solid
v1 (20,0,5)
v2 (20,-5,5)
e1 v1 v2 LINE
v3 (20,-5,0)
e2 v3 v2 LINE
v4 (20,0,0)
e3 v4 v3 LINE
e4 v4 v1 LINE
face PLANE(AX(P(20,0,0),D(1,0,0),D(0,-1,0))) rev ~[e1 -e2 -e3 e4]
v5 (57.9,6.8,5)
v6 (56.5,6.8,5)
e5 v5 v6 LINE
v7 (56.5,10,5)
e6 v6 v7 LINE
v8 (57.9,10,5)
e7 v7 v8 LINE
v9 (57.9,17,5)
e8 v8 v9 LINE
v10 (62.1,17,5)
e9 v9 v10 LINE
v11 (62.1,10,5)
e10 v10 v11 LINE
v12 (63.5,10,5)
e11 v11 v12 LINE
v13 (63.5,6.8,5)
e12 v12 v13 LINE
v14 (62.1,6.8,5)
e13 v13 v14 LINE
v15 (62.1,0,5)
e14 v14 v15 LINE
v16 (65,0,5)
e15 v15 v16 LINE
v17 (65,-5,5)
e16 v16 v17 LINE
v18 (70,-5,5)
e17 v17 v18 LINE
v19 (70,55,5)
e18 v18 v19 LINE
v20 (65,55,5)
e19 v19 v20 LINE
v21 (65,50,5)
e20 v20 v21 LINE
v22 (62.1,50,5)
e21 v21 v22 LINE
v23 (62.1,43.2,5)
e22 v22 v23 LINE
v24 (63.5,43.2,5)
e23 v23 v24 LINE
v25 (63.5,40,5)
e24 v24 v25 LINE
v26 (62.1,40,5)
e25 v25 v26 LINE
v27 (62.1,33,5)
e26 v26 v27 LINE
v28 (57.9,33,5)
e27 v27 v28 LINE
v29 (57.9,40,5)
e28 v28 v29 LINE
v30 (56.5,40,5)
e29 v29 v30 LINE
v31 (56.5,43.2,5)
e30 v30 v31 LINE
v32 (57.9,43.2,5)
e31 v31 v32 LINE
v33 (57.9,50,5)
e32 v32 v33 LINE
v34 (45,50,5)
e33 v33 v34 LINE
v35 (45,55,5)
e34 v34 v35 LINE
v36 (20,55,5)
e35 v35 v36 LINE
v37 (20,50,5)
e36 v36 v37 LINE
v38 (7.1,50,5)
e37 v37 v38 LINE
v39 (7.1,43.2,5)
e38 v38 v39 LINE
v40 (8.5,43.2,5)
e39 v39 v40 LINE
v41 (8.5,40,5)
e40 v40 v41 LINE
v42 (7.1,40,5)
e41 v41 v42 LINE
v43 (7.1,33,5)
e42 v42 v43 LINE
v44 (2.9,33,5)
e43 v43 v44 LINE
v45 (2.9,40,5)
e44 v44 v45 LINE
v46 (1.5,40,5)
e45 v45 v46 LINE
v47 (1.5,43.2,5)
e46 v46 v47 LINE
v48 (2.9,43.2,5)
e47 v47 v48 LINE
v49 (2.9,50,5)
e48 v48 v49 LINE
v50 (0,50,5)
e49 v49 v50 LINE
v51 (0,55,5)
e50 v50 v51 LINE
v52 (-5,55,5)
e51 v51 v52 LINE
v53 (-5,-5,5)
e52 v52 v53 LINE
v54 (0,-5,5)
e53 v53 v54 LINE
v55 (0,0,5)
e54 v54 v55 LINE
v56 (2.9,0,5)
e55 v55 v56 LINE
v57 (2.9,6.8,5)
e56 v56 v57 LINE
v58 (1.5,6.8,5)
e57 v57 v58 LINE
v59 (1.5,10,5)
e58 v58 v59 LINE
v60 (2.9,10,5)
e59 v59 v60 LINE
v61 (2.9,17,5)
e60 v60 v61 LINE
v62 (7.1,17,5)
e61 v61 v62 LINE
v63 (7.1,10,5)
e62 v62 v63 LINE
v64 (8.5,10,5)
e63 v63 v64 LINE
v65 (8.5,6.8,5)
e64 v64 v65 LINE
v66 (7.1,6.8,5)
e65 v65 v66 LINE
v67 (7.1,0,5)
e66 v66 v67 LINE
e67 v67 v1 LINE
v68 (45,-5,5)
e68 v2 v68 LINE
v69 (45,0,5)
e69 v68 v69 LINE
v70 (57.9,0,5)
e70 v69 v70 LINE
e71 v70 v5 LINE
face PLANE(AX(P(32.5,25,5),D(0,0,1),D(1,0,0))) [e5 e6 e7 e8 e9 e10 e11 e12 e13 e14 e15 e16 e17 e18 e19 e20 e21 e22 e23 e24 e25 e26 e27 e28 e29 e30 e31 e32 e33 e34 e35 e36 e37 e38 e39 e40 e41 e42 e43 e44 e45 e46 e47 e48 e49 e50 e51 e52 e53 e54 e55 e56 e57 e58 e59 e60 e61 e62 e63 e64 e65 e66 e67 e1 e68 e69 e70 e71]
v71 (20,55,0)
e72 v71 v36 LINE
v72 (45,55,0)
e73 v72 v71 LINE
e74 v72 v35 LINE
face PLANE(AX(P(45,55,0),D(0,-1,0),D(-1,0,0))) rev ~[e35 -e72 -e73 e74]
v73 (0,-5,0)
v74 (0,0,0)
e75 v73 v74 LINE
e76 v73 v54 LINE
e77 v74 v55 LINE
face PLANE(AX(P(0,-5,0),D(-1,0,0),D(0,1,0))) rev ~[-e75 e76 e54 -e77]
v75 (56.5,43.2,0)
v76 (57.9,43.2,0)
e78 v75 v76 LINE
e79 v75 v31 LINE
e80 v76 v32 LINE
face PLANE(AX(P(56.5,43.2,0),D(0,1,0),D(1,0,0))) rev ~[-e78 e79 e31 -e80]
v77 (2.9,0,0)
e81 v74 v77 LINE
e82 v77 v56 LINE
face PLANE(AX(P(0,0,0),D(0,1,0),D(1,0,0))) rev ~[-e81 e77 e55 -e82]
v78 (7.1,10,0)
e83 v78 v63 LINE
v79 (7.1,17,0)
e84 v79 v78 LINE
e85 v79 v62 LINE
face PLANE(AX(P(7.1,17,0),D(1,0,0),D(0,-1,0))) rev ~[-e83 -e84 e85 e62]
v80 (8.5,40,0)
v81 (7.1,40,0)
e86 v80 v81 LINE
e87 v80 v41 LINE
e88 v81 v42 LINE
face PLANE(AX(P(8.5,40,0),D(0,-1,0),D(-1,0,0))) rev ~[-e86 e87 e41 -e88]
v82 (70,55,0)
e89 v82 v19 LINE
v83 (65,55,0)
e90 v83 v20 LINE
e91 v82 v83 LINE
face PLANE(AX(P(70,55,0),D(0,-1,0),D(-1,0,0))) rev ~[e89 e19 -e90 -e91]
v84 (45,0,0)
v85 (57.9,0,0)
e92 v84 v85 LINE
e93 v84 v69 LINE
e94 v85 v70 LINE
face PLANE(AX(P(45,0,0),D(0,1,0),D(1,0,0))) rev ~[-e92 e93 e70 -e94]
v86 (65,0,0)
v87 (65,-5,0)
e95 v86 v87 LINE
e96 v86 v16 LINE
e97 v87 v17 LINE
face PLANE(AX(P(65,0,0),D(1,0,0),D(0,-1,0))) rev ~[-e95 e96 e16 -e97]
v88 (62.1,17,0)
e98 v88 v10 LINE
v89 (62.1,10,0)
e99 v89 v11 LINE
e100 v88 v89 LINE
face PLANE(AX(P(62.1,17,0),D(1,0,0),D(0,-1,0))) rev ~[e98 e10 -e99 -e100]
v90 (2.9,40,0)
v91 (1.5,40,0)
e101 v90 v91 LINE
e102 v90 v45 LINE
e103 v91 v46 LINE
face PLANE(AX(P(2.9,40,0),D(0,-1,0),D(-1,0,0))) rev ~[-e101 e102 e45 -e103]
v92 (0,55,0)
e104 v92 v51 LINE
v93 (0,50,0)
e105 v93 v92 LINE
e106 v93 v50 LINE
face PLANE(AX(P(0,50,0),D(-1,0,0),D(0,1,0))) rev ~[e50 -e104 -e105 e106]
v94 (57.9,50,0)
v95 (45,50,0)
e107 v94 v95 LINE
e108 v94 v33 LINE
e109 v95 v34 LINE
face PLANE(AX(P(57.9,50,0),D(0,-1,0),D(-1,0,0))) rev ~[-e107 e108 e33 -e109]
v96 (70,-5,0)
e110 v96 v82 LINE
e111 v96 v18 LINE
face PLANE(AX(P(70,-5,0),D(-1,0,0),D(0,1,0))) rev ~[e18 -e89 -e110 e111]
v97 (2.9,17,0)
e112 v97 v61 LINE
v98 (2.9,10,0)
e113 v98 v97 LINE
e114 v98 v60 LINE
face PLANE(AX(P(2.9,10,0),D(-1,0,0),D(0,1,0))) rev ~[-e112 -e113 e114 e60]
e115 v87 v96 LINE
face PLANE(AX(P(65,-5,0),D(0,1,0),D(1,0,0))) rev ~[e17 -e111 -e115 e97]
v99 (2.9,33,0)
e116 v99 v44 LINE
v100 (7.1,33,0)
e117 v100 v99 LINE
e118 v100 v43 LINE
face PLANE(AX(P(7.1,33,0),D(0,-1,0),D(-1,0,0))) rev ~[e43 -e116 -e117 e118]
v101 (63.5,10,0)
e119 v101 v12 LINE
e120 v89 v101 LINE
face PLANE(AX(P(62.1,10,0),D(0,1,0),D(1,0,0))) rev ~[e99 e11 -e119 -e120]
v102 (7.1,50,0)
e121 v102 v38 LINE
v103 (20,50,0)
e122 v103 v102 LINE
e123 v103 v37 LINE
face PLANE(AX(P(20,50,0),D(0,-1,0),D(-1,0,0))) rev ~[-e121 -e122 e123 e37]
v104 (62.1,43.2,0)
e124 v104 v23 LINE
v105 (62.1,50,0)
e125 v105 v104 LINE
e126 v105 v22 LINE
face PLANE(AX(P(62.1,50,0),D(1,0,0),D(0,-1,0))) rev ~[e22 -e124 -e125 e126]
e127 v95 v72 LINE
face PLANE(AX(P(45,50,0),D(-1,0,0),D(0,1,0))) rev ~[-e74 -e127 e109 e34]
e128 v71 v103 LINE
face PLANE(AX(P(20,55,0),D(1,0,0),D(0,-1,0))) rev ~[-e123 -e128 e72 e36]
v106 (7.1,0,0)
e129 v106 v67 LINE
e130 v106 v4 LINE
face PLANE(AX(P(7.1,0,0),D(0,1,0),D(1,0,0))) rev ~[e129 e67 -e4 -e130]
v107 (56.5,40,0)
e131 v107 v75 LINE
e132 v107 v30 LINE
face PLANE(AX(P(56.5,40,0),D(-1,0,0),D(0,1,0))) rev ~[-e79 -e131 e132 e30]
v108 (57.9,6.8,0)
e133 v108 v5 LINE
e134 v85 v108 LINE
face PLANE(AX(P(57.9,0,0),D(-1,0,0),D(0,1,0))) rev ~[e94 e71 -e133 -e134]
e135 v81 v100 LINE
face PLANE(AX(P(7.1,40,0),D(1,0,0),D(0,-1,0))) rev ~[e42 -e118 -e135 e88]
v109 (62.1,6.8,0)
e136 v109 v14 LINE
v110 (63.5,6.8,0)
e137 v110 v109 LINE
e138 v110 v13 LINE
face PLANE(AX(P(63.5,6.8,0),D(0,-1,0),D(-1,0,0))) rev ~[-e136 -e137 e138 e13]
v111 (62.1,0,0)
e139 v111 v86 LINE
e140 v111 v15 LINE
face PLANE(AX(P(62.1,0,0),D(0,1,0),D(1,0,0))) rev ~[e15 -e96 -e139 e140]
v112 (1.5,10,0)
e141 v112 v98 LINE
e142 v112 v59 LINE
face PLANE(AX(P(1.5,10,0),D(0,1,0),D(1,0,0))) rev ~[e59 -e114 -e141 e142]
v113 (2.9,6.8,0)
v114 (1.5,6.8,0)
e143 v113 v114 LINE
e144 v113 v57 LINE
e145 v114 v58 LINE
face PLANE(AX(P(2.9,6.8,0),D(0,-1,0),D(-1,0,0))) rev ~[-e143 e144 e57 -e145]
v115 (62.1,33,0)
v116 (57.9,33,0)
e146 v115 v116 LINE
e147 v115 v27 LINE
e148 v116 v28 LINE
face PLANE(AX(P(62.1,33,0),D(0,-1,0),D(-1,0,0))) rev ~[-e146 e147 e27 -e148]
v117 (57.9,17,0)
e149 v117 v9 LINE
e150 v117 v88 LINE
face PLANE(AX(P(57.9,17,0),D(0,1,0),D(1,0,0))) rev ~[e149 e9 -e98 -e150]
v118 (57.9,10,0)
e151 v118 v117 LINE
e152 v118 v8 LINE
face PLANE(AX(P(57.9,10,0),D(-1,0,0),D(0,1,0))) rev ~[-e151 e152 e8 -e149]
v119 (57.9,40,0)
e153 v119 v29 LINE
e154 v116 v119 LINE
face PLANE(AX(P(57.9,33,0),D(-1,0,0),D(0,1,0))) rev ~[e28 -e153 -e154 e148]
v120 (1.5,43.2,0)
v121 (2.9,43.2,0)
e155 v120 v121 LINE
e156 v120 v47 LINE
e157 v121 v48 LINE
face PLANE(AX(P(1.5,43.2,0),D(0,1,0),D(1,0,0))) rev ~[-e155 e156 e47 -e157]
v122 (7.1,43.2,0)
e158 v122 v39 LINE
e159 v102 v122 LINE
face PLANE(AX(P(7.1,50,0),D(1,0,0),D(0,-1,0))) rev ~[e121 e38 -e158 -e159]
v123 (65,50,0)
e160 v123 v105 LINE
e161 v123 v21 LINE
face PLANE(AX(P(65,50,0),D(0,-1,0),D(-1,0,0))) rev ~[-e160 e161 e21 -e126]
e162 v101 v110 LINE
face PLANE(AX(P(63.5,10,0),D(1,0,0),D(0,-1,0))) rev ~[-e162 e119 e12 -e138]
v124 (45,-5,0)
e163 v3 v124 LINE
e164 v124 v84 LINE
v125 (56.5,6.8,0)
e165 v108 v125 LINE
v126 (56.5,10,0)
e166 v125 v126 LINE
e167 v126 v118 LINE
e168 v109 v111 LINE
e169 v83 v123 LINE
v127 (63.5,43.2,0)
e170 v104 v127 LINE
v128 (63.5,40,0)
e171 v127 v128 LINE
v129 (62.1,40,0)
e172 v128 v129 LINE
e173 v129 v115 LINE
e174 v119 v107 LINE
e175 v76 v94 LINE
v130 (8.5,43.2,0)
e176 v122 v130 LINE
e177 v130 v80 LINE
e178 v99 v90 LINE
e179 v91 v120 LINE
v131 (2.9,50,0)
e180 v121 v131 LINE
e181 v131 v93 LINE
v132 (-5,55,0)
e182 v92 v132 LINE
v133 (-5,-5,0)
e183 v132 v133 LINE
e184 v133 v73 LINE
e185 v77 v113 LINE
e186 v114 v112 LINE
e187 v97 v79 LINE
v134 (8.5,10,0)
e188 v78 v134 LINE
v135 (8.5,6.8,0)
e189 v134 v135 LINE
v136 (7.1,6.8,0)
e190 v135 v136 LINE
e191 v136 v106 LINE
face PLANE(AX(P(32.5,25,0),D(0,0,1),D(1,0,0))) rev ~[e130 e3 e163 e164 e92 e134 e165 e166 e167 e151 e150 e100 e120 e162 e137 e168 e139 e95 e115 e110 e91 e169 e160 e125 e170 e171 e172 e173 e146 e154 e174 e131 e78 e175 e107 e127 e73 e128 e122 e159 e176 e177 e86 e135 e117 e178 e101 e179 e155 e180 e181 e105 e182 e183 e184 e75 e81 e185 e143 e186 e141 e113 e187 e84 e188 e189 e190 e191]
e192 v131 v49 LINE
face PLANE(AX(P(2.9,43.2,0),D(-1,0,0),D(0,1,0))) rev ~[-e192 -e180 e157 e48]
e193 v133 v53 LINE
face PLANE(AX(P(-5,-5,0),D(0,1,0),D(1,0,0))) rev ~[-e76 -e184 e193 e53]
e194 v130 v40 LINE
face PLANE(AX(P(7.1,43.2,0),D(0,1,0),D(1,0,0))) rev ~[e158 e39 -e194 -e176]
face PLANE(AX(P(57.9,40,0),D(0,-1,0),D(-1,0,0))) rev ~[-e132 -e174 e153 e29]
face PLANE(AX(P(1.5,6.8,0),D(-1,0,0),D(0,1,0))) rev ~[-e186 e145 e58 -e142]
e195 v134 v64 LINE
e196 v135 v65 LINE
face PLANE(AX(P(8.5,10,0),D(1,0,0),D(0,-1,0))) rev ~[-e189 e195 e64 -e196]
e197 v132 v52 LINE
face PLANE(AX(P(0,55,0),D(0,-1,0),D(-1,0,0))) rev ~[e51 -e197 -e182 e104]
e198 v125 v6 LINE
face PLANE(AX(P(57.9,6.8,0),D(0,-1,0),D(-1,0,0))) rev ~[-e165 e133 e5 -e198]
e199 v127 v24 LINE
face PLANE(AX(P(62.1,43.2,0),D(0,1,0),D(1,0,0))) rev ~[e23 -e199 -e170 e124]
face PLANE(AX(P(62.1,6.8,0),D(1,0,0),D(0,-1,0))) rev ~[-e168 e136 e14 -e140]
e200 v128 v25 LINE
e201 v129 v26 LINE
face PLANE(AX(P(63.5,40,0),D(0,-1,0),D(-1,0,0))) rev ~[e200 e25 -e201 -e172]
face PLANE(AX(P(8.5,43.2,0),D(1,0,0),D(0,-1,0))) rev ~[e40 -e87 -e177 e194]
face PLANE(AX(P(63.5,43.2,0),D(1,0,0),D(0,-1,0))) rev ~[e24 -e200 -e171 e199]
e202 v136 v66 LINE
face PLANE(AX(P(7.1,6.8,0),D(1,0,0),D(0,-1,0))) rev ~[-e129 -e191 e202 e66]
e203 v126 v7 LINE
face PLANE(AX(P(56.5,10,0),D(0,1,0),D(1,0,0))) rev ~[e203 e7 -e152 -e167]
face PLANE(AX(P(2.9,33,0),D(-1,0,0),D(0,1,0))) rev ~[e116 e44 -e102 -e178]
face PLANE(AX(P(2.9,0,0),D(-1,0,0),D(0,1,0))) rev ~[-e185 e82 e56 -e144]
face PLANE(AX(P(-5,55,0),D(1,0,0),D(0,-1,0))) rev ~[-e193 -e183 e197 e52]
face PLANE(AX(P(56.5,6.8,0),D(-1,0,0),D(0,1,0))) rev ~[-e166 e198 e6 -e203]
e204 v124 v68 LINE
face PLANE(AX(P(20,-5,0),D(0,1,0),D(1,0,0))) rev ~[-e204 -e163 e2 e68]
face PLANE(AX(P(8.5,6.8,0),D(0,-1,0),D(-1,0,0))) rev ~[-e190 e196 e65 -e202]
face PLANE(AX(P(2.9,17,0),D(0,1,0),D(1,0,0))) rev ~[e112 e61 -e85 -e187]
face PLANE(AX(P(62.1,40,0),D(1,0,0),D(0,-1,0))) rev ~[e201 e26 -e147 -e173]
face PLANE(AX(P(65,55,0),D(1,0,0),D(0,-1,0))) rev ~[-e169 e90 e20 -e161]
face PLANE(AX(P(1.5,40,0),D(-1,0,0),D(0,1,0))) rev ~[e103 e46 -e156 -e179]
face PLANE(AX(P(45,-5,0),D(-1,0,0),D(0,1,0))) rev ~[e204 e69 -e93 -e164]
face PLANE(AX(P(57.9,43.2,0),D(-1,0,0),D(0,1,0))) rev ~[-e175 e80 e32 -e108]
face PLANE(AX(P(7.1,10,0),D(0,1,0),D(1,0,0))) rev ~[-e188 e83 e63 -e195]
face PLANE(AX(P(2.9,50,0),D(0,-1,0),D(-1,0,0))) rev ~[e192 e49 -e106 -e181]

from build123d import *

# Parameters (mm, degrees)
BOSS_EXTRUDE1_DEPTH = 5


with BuildPart() as part:
    # Sketch1 → Boss-Extrude1 (new body)
    with BuildSketch(Plane.XY):
        Polygon((2.9, 50), (0, 50), (0, 55), (-5, 55), (-5, -5), (0, -5), (0, 0), (2.9, 0), (2.9, 6.8), (1.5, 6.8), (1.5, 10), (2.9, 10), (2.9, 17), (7.1, 17), (7.1, 10), (8.5, 10), (8.5, 6.8), (7.1, 6.8), (7.1, 0), (20, 0), (20, -5), (45, -5), (45, 0), (57.9, 0), (57.9, 6.8), (56.5, 6.8), (56.5, 10), (57.9, 10), (57.9, 17), (62.1, 17), (62.1, 10), (63.5, 10), (63.5, 6.8), (62.1, 6.8), (62.1, 0), (65, 0), (65, -5), (70, -5), (70, 55), (65, 55), (65, 50), (62.1, 50), (62.1, 43.2), (63.5, 43.2), (63.5, 40), (62.1, 40), (62.1, 33), (57.9, 33), (57.9, 40), (56.5, 40), (56.5, 43.2), (57.9, 43.2), (57.9, 50), (45, 50), (45, 55), (20, 55), (20, 50), (7.1, 50), (7.1, 43.2), (8.5, 43.2), (8.5, 40), (7.1, 40), (7.1, 33), (2.9, 33), (2.9, 40), (1.5, 40), (1.5, 43.2), (2.9, 43.2), align=None)
    extrude(amount=BOSS_EXTRUDE1_DEPTH)


solid = part.part
